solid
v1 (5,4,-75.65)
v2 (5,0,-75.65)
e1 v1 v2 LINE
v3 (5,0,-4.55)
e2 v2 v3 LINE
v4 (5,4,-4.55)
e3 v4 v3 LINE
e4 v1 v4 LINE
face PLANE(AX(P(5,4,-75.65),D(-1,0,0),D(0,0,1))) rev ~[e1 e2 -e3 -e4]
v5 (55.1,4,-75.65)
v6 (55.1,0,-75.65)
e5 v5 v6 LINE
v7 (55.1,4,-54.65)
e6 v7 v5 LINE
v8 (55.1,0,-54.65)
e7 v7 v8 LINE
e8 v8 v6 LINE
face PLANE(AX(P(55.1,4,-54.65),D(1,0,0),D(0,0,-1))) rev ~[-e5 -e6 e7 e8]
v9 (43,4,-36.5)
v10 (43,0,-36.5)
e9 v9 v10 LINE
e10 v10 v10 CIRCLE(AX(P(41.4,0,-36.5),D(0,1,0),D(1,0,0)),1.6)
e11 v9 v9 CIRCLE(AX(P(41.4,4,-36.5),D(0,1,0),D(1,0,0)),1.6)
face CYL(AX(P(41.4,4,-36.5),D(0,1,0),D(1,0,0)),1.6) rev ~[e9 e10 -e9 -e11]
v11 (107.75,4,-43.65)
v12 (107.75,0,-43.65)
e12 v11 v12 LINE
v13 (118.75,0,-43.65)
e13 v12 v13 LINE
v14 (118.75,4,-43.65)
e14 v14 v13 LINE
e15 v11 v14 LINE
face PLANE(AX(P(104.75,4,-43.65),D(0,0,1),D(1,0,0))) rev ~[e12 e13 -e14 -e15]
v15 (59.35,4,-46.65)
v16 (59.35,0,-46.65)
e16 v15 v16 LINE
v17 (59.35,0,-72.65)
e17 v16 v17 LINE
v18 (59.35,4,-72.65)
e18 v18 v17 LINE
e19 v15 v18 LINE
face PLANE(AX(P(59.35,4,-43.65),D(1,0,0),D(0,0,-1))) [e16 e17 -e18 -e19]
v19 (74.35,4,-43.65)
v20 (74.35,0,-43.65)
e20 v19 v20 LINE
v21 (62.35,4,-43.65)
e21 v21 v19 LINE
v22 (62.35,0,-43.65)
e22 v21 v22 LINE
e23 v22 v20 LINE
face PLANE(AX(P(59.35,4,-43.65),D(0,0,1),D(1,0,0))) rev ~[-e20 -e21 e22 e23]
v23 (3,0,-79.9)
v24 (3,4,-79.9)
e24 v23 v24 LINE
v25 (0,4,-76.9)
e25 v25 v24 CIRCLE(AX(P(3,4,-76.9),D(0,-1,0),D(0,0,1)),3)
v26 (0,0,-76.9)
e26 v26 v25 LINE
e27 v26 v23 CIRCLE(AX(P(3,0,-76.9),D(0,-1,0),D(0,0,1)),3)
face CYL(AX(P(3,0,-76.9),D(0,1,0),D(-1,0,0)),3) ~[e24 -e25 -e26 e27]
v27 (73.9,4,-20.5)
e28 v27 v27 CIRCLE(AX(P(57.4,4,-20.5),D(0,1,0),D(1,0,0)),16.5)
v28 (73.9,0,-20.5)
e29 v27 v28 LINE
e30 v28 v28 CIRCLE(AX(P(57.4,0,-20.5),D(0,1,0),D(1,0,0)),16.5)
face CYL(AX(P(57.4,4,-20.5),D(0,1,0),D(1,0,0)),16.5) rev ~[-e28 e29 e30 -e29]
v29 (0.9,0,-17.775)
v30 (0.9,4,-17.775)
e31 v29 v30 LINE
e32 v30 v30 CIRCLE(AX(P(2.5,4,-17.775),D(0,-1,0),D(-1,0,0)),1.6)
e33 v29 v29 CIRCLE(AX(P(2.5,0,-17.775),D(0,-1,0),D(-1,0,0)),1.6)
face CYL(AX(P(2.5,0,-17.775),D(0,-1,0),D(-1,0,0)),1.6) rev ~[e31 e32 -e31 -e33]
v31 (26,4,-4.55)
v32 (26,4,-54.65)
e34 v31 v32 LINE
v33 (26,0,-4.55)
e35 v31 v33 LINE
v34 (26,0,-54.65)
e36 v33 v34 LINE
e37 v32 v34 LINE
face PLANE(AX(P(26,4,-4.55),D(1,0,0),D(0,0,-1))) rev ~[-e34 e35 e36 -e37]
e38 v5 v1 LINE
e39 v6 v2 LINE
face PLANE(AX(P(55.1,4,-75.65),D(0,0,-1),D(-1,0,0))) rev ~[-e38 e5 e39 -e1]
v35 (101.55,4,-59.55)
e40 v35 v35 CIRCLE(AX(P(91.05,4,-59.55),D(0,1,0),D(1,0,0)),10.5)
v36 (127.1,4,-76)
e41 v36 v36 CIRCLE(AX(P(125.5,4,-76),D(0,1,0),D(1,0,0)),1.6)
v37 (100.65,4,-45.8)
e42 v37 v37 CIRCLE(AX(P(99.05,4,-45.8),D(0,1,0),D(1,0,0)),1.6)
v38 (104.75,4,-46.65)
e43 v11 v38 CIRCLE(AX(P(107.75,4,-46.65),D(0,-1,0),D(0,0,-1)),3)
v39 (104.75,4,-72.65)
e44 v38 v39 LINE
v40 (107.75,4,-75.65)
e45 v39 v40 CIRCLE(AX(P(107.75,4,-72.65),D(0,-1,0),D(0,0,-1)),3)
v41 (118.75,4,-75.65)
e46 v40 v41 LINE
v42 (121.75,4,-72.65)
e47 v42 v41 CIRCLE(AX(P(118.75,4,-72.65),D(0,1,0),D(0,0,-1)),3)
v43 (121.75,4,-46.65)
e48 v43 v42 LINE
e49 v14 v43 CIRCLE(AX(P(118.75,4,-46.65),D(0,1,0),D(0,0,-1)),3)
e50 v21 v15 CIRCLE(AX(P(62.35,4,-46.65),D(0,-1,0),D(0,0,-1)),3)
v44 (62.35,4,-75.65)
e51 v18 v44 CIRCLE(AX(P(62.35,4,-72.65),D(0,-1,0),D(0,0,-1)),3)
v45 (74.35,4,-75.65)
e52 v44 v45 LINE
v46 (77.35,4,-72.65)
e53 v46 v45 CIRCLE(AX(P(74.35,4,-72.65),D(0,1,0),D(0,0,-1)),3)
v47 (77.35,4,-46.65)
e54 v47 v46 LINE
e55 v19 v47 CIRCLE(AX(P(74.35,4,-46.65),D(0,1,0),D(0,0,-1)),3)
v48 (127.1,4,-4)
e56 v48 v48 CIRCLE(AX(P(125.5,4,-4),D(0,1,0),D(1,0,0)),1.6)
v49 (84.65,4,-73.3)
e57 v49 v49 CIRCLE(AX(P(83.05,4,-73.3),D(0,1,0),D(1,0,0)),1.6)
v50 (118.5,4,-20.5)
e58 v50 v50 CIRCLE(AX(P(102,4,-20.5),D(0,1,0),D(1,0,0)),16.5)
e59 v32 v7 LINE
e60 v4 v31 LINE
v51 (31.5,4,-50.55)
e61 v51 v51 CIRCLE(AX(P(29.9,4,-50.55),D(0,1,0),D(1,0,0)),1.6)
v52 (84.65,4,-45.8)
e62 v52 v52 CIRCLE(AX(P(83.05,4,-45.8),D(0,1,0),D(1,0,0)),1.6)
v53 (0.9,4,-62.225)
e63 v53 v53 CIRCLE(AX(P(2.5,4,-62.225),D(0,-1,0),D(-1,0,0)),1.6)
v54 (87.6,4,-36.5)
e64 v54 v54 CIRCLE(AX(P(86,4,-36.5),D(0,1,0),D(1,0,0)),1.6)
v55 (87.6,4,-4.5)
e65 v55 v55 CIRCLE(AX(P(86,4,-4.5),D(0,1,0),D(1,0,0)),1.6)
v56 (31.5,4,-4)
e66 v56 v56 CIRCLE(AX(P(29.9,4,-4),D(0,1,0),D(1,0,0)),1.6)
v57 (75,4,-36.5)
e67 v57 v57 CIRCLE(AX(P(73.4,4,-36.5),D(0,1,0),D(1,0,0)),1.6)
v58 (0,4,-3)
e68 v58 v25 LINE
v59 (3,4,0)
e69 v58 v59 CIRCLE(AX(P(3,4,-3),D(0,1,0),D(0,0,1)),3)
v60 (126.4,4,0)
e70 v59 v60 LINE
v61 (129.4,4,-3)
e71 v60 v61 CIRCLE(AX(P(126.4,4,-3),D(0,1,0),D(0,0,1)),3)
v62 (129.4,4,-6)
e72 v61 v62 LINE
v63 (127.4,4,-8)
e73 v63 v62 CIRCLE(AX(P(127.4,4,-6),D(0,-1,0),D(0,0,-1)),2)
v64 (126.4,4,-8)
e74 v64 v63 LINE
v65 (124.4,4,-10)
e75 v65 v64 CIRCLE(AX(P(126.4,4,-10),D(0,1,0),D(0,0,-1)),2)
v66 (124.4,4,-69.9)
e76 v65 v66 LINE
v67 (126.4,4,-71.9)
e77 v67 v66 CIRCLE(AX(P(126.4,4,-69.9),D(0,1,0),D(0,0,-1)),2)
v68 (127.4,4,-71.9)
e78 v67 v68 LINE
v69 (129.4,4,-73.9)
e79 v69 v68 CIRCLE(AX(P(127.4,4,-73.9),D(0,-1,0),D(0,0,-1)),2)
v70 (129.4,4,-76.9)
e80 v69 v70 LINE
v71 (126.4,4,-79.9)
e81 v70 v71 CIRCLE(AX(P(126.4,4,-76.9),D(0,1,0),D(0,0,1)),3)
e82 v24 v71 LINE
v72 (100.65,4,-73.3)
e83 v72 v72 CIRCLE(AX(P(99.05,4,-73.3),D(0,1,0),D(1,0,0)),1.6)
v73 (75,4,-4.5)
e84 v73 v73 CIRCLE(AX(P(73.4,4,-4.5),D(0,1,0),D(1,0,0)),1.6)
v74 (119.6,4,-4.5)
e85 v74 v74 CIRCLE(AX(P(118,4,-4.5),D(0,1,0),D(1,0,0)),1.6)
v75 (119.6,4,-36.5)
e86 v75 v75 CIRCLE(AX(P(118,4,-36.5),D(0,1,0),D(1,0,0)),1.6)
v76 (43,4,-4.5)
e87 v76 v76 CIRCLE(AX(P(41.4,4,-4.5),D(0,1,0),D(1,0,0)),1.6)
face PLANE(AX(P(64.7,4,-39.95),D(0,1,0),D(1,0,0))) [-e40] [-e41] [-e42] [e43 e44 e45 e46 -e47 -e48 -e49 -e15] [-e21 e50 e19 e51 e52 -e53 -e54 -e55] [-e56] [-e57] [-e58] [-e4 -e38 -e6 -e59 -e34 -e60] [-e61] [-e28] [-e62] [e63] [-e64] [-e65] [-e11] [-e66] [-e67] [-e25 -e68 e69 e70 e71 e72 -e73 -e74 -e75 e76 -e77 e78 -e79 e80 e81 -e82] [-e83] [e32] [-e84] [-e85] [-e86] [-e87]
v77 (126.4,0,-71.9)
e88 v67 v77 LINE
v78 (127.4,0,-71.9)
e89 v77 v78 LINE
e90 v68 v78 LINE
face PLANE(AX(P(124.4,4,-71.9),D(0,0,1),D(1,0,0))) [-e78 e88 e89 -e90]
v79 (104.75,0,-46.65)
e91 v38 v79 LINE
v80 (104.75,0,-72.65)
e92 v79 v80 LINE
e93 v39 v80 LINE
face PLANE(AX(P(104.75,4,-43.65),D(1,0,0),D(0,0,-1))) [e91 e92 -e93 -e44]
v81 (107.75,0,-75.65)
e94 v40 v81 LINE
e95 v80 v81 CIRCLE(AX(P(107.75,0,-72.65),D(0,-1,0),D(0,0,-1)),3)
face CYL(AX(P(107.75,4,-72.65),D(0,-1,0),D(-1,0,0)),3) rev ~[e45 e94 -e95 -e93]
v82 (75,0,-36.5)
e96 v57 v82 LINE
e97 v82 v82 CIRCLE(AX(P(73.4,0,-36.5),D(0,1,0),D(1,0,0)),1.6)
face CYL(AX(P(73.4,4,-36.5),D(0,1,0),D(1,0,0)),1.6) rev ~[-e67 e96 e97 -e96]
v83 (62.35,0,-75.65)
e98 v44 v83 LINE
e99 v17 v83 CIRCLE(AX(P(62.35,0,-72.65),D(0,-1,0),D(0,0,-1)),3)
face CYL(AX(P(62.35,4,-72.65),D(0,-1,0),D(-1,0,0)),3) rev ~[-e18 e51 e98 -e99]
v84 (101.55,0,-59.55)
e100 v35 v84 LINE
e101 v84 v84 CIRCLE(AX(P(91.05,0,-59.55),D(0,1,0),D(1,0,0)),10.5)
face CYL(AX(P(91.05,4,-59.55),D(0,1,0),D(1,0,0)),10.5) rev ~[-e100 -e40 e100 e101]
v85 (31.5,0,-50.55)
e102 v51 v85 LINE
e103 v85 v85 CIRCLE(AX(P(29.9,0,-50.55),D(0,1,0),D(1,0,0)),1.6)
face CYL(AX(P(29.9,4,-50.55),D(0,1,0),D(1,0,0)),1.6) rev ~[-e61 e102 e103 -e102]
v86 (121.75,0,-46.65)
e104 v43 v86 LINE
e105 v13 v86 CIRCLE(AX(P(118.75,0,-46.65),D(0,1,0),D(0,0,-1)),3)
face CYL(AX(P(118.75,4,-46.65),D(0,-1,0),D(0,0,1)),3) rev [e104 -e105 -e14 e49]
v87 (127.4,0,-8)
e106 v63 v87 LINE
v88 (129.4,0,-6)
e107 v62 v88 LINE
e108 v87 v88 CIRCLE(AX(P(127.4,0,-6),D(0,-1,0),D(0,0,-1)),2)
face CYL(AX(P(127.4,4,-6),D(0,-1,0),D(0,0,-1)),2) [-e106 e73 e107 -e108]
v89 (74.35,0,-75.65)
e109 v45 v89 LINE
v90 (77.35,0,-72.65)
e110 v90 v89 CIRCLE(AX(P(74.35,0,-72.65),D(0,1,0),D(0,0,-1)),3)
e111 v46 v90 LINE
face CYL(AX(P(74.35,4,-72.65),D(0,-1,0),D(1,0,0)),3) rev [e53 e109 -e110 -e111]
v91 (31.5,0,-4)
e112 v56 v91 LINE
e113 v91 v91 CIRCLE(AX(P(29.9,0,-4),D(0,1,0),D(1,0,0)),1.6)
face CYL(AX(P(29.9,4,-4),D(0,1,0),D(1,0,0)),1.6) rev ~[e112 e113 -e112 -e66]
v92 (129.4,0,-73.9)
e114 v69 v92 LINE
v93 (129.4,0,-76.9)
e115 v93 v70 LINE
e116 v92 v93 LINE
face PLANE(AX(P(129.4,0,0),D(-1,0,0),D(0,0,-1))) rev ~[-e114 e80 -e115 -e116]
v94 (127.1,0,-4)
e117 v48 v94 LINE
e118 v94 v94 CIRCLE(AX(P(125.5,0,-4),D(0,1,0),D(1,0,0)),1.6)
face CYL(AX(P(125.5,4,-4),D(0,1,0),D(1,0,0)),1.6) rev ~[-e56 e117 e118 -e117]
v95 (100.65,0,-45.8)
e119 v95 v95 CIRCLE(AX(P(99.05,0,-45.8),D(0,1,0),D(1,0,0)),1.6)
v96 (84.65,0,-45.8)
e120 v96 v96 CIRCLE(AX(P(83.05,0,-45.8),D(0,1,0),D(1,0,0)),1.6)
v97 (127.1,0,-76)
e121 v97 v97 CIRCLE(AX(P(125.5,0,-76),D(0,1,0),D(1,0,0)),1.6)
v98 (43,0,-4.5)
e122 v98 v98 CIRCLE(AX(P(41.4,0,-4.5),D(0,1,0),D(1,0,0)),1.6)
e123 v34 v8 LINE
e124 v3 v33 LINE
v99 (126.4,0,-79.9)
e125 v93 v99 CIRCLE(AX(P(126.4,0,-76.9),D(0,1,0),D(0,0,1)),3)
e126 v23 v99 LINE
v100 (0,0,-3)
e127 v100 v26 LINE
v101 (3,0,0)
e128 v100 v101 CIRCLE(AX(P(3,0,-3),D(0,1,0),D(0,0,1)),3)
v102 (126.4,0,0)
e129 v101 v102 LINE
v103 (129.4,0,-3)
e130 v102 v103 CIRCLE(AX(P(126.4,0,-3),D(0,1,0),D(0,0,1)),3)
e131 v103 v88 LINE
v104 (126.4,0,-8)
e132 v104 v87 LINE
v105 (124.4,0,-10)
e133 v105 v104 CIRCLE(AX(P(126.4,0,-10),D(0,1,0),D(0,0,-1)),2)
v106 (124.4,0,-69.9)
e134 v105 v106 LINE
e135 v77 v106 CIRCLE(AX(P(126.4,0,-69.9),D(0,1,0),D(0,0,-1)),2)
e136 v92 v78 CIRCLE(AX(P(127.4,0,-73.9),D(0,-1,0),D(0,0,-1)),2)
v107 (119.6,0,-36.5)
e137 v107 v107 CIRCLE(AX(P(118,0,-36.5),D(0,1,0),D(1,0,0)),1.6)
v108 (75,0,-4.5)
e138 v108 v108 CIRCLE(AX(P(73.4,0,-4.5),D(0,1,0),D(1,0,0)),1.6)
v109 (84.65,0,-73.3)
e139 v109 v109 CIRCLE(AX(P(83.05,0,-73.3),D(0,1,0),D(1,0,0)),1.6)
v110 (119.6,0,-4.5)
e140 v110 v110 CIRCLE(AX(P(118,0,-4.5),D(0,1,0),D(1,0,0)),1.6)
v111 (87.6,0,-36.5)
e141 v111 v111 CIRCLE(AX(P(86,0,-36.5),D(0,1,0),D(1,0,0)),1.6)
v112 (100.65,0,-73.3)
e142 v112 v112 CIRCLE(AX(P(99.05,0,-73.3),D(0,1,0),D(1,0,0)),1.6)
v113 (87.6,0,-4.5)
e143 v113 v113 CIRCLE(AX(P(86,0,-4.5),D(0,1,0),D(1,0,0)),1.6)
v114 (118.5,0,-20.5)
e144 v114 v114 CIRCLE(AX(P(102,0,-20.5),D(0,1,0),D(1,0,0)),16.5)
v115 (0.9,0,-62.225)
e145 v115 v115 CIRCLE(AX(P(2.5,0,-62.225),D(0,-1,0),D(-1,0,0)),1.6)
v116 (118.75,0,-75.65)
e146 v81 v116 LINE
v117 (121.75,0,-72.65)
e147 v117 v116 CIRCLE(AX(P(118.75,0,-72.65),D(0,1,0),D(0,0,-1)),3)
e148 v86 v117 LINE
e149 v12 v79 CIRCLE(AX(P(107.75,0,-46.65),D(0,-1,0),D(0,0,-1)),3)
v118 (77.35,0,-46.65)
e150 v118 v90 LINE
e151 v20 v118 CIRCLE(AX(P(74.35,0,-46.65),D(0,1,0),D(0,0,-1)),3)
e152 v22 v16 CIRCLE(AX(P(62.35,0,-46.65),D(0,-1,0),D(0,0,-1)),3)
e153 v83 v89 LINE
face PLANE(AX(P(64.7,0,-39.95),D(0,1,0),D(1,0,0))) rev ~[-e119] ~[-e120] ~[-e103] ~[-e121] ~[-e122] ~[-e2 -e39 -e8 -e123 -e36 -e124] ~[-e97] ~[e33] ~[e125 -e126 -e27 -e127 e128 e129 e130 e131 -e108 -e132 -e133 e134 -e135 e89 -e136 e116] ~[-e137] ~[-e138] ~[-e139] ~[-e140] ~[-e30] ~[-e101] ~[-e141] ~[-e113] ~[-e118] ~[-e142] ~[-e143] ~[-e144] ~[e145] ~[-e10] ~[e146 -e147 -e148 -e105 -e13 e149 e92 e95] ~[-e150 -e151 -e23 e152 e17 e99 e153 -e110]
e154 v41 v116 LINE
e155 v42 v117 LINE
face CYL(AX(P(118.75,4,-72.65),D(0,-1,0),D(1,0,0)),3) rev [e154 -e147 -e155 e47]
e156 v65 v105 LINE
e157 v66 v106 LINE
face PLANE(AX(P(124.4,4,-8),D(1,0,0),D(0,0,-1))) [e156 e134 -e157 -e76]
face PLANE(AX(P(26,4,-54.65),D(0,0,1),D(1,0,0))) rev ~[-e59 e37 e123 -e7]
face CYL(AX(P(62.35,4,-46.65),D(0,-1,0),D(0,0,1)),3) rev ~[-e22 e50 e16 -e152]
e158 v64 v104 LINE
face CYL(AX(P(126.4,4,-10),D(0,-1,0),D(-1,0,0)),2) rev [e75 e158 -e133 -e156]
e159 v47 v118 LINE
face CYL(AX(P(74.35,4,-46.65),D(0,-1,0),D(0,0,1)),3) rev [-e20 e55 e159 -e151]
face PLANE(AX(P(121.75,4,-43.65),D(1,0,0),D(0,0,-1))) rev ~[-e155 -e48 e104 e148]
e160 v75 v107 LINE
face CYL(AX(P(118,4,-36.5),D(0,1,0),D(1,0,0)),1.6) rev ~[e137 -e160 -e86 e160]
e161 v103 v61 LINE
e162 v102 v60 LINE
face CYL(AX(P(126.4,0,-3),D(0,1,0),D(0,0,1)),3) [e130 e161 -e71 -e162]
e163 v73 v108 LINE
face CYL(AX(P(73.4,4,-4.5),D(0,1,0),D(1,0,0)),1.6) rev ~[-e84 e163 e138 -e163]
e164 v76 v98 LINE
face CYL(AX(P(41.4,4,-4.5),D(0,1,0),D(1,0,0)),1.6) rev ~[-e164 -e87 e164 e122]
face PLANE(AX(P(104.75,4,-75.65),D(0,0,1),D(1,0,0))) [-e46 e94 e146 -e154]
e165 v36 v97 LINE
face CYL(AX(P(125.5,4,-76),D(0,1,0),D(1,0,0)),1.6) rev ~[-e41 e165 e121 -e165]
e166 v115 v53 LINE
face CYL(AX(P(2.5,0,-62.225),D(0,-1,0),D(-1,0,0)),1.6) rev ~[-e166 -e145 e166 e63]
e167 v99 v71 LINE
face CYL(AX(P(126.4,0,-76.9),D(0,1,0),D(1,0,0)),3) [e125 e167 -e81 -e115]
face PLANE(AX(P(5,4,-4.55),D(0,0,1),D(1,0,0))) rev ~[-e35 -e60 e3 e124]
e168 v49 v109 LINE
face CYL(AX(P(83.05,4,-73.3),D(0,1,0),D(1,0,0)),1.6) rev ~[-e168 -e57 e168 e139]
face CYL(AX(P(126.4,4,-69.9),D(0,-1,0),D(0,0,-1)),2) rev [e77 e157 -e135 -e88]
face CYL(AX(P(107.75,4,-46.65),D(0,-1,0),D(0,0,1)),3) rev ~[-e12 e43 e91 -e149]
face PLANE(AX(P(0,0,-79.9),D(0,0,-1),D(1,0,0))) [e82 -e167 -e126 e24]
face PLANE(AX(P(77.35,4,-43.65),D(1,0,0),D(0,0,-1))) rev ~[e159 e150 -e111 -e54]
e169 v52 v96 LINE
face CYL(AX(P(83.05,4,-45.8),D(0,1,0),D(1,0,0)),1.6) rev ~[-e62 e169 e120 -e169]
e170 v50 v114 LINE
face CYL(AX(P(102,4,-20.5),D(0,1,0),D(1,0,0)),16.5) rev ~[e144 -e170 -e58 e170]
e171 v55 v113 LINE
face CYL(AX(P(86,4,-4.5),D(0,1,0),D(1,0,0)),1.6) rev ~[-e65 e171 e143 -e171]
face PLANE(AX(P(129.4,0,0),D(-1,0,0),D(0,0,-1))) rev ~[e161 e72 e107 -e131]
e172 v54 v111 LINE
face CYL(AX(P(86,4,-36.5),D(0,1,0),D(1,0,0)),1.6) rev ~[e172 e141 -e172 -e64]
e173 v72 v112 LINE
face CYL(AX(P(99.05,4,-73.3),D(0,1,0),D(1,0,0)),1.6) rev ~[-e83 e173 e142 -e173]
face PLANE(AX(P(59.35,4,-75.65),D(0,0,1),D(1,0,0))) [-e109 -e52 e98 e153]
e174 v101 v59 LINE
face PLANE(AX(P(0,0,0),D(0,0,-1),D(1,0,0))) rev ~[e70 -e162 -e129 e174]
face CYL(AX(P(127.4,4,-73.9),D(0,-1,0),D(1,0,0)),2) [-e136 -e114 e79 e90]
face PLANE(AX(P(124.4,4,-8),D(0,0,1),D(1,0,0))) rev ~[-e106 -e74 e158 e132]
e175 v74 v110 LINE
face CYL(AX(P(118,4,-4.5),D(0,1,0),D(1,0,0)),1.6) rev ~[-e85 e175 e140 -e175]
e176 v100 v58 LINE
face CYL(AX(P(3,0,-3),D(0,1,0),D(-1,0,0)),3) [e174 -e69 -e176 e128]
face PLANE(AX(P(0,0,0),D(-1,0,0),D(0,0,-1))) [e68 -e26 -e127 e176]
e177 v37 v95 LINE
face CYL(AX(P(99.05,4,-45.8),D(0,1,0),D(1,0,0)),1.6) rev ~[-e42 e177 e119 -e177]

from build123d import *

# Parameters (mm, degrees)
SKETCH1_W           = 129.4
SKETCH1_H           = 79.9
BOSS_EXTRUDE1_DEPTH = 4
FILLET1_R           = 3
CUT_EXTRUDE1_DEPTH  = 10
SKETCH3_R           = 10.5
SKETCH3_R_2         = 1.6
SKETCH3_R_3         = 16.5
CUT_EXTRUDE2_DEPTH  = 10
SKETCH4_R           = 1.6
CUT_EXTRUDE3_DEPTH  = 10
SKETCH5_W           = 18
SKETCH5_H           = 32
SKETCH5_W_2         = 17
CUT_EXTRUDE4_DEPTH  = 10
SKETCH6_W           = 5
SKETCH6_H           = 63.9
CUT_EXTRUDE5_DEPTH  = 10
FILLET2_R           = 2
SKETCH7_R           = 1.6
CUT_EXTRUDE6_DEPTH  = 10
FILLET3_R           = 3


with BuildPart() as part:
    # Sketch1 → Boss-Extrude1 (new body)
    with BuildSketch(Plane(origin=(0, 0, 0), x_dir=(1, 0, 0), z_dir=(0, 1, 0))):
        with Locations((64.7, 39.95)):
            Rectangle(SKETCH1_W, SKETCH1_H)
    extrude(amount=BOSS_EXTRUDE1_DEPTH)

    # Fillet1
    fillet1_edges = [part.edges().sort_by_distance(p)[0] for p in [
        (0, 2, -79.9),
        (129.4, 2, -79.9),
        (129.4, 2, 0),
        (0, 2, 0),
    ]]
    fillet(fillet1_edges, radius=FILLET1_R)

    # Sketch2 → Cut-Extrude1 (cut)
    with BuildSketch(Plane(origin=(0, 4, 0), x_dir=(1, 0, 0), z_dir=(0, 1, 0))):
        Polygon((5, 4.55), (26, 4.55), (26, 54.65), (55.1, 54.65), (55.1, 75.65), (5, 75.65), (5, 40), align=None)
    extrude(amount=-CUT_EXTRUDE1_DEPTH, mode=Mode.SUBTRACT)

    # Sketch3 → Cut-Extrude2 (cut)
    with BuildSketch(Plane(origin=(0, 4, 0), x_dir=(1, 0, 0), z_dir=(0, 1, 0))):
        with Locations((91.05, 59.55)):
            Circle(SKETCH3_R)
        with Locations((83.05, 73.3)):
            Circle(SKETCH3_R_2)
        with Locations((99.05, 73.3)):
            Circle(SKETCH3_R_2)
        with Locations((99.05, 45.8)):
            Circle(SKETCH3_R_2)
        with Locations((83.05, 45.8)):
            Circle(SKETCH3_R_2)
        with Locations((41.4, 36.5)):
            Circle(SKETCH3_R_2)
        with Locations((73.4, 36.5)):
            Circle(SKETCH3_R_2)
        with Locations((86, 36.5)):
            Circle(SKETCH3_R_2)
        with Locations((118, 36.5)):
            Circle(SKETCH3_R_2)
        with Locations((102, 20.5)):
            Circle(SKETCH3_R_3)
        with Locations((57.4, 20.5)):
            Circle(SKETCH3_R_3)
        with Locations((41.4, 4.5)):
            Circle(SKETCH3_R_2)
        with Locations((73.4, 4.5)):
            Circle(SKETCH3_R_2)
        with Locations((86, 4.5)):
            Circle(SKETCH3_R_2)
        with Locations((118, 4.5)):
            Circle(SKETCH3_R_2)
    extrude(amount=-CUT_EXTRUDE2_DEPTH, mode=Mode.SUBTRACT)

    # Sketch4 → Cut-Extrude3 (cut)
    with BuildSketch(Plane(origin=(0, 4, 0), x_dir=(1, 0, 0), z_dir=(0, 1, 0))):
        with Locations((125.5, 4)):
            Circle(SKETCH4_R)
        with Locations((125.5, 76)):
            Circle(SKETCH4_R)
        with Locations((29.9, 50.55)):
            Circle(SKETCH4_R)
        with Locations((29.9, 4)):
            Circle(SKETCH4_R)
    extrude(amount=-CUT_EXTRUDE3_DEPTH, mode=Mode.SUBTRACT)

    # Sketch5 → Cut-Extrude4 (cut)
    with BuildSketch(Plane(origin=(0, 4, 0), x_dir=(1, 0, 0), z_dir=(0, 1, 0))):
        with Locations((68.35, 59.65)):
            Rectangle(SKETCH5_W, SKETCH5_H)
        with Locations((113.25, 59.65)):
            Rectangle(SKETCH5_W_2, SKETCH5_H)
    extrude(amount=-CUT_EXTRUDE4_DEPTH, mode=Mode.SUBTRACT)

    # Sketch6 → Cut-Extrude5 (cut)
    with BuildSketch(Plane(origin=(0, 4, 0), x_dir=(1, 0, 0), z_dir=(0, 1, 0))):
        with Locations((126.9, 39.95)):
            Rectangle(SKETCH6_W, SKETCH6_H)
    extrude(amount=-CUT_EXTRUDE5_DEPTH, mode=Mode.SUBTRACT)

    # Fillet2
    fillet2_edges = [part.edges().sort_by_distance(p)[0] for p in [
        (129.4, 2, -71.9),
        (129.4, 2, -8),
        (124.4, 2, -8),
        (124.4, 2, -71.9),
    ]]
    fillet(fillet2_edges, radius=FILLET2_R)

    # Sketch7 → Cut-Extrude6 (cut)
    with BuildSketch(Plane(origin=(0, 0, 0), x_dir=(-1, 0, 0), z_dir=(0, -1, 0))):
        with Locations((-2.5, 17.775)):
            Circle(SKETCH7_R)
        with Locations((-2.5, 62.225)):
            Circle(SKETCH7_R)
    extrude(amount=-CUT_EXTRUDE6_DEPTH, mode=Mode.SUBTRACT)

    # Fillet3
    fillet3_edges = [part.edges().sort_by_distance(p)[0] for p in [
        (77.35, 2, -43.65),
        (59.35, 2, -43.65),
        (59.35, 2, -75.65),
        (77.35, 2, -75.65),
        (121.75, 2, -75.65),
        (121.75, 2, -43.65),
        (104.75, 2, -43.65),
        (104.75, 2, -75.65),
    ]]
    fillet(fillet3_edges, radius=FILLET3_R)


solid = part.part
